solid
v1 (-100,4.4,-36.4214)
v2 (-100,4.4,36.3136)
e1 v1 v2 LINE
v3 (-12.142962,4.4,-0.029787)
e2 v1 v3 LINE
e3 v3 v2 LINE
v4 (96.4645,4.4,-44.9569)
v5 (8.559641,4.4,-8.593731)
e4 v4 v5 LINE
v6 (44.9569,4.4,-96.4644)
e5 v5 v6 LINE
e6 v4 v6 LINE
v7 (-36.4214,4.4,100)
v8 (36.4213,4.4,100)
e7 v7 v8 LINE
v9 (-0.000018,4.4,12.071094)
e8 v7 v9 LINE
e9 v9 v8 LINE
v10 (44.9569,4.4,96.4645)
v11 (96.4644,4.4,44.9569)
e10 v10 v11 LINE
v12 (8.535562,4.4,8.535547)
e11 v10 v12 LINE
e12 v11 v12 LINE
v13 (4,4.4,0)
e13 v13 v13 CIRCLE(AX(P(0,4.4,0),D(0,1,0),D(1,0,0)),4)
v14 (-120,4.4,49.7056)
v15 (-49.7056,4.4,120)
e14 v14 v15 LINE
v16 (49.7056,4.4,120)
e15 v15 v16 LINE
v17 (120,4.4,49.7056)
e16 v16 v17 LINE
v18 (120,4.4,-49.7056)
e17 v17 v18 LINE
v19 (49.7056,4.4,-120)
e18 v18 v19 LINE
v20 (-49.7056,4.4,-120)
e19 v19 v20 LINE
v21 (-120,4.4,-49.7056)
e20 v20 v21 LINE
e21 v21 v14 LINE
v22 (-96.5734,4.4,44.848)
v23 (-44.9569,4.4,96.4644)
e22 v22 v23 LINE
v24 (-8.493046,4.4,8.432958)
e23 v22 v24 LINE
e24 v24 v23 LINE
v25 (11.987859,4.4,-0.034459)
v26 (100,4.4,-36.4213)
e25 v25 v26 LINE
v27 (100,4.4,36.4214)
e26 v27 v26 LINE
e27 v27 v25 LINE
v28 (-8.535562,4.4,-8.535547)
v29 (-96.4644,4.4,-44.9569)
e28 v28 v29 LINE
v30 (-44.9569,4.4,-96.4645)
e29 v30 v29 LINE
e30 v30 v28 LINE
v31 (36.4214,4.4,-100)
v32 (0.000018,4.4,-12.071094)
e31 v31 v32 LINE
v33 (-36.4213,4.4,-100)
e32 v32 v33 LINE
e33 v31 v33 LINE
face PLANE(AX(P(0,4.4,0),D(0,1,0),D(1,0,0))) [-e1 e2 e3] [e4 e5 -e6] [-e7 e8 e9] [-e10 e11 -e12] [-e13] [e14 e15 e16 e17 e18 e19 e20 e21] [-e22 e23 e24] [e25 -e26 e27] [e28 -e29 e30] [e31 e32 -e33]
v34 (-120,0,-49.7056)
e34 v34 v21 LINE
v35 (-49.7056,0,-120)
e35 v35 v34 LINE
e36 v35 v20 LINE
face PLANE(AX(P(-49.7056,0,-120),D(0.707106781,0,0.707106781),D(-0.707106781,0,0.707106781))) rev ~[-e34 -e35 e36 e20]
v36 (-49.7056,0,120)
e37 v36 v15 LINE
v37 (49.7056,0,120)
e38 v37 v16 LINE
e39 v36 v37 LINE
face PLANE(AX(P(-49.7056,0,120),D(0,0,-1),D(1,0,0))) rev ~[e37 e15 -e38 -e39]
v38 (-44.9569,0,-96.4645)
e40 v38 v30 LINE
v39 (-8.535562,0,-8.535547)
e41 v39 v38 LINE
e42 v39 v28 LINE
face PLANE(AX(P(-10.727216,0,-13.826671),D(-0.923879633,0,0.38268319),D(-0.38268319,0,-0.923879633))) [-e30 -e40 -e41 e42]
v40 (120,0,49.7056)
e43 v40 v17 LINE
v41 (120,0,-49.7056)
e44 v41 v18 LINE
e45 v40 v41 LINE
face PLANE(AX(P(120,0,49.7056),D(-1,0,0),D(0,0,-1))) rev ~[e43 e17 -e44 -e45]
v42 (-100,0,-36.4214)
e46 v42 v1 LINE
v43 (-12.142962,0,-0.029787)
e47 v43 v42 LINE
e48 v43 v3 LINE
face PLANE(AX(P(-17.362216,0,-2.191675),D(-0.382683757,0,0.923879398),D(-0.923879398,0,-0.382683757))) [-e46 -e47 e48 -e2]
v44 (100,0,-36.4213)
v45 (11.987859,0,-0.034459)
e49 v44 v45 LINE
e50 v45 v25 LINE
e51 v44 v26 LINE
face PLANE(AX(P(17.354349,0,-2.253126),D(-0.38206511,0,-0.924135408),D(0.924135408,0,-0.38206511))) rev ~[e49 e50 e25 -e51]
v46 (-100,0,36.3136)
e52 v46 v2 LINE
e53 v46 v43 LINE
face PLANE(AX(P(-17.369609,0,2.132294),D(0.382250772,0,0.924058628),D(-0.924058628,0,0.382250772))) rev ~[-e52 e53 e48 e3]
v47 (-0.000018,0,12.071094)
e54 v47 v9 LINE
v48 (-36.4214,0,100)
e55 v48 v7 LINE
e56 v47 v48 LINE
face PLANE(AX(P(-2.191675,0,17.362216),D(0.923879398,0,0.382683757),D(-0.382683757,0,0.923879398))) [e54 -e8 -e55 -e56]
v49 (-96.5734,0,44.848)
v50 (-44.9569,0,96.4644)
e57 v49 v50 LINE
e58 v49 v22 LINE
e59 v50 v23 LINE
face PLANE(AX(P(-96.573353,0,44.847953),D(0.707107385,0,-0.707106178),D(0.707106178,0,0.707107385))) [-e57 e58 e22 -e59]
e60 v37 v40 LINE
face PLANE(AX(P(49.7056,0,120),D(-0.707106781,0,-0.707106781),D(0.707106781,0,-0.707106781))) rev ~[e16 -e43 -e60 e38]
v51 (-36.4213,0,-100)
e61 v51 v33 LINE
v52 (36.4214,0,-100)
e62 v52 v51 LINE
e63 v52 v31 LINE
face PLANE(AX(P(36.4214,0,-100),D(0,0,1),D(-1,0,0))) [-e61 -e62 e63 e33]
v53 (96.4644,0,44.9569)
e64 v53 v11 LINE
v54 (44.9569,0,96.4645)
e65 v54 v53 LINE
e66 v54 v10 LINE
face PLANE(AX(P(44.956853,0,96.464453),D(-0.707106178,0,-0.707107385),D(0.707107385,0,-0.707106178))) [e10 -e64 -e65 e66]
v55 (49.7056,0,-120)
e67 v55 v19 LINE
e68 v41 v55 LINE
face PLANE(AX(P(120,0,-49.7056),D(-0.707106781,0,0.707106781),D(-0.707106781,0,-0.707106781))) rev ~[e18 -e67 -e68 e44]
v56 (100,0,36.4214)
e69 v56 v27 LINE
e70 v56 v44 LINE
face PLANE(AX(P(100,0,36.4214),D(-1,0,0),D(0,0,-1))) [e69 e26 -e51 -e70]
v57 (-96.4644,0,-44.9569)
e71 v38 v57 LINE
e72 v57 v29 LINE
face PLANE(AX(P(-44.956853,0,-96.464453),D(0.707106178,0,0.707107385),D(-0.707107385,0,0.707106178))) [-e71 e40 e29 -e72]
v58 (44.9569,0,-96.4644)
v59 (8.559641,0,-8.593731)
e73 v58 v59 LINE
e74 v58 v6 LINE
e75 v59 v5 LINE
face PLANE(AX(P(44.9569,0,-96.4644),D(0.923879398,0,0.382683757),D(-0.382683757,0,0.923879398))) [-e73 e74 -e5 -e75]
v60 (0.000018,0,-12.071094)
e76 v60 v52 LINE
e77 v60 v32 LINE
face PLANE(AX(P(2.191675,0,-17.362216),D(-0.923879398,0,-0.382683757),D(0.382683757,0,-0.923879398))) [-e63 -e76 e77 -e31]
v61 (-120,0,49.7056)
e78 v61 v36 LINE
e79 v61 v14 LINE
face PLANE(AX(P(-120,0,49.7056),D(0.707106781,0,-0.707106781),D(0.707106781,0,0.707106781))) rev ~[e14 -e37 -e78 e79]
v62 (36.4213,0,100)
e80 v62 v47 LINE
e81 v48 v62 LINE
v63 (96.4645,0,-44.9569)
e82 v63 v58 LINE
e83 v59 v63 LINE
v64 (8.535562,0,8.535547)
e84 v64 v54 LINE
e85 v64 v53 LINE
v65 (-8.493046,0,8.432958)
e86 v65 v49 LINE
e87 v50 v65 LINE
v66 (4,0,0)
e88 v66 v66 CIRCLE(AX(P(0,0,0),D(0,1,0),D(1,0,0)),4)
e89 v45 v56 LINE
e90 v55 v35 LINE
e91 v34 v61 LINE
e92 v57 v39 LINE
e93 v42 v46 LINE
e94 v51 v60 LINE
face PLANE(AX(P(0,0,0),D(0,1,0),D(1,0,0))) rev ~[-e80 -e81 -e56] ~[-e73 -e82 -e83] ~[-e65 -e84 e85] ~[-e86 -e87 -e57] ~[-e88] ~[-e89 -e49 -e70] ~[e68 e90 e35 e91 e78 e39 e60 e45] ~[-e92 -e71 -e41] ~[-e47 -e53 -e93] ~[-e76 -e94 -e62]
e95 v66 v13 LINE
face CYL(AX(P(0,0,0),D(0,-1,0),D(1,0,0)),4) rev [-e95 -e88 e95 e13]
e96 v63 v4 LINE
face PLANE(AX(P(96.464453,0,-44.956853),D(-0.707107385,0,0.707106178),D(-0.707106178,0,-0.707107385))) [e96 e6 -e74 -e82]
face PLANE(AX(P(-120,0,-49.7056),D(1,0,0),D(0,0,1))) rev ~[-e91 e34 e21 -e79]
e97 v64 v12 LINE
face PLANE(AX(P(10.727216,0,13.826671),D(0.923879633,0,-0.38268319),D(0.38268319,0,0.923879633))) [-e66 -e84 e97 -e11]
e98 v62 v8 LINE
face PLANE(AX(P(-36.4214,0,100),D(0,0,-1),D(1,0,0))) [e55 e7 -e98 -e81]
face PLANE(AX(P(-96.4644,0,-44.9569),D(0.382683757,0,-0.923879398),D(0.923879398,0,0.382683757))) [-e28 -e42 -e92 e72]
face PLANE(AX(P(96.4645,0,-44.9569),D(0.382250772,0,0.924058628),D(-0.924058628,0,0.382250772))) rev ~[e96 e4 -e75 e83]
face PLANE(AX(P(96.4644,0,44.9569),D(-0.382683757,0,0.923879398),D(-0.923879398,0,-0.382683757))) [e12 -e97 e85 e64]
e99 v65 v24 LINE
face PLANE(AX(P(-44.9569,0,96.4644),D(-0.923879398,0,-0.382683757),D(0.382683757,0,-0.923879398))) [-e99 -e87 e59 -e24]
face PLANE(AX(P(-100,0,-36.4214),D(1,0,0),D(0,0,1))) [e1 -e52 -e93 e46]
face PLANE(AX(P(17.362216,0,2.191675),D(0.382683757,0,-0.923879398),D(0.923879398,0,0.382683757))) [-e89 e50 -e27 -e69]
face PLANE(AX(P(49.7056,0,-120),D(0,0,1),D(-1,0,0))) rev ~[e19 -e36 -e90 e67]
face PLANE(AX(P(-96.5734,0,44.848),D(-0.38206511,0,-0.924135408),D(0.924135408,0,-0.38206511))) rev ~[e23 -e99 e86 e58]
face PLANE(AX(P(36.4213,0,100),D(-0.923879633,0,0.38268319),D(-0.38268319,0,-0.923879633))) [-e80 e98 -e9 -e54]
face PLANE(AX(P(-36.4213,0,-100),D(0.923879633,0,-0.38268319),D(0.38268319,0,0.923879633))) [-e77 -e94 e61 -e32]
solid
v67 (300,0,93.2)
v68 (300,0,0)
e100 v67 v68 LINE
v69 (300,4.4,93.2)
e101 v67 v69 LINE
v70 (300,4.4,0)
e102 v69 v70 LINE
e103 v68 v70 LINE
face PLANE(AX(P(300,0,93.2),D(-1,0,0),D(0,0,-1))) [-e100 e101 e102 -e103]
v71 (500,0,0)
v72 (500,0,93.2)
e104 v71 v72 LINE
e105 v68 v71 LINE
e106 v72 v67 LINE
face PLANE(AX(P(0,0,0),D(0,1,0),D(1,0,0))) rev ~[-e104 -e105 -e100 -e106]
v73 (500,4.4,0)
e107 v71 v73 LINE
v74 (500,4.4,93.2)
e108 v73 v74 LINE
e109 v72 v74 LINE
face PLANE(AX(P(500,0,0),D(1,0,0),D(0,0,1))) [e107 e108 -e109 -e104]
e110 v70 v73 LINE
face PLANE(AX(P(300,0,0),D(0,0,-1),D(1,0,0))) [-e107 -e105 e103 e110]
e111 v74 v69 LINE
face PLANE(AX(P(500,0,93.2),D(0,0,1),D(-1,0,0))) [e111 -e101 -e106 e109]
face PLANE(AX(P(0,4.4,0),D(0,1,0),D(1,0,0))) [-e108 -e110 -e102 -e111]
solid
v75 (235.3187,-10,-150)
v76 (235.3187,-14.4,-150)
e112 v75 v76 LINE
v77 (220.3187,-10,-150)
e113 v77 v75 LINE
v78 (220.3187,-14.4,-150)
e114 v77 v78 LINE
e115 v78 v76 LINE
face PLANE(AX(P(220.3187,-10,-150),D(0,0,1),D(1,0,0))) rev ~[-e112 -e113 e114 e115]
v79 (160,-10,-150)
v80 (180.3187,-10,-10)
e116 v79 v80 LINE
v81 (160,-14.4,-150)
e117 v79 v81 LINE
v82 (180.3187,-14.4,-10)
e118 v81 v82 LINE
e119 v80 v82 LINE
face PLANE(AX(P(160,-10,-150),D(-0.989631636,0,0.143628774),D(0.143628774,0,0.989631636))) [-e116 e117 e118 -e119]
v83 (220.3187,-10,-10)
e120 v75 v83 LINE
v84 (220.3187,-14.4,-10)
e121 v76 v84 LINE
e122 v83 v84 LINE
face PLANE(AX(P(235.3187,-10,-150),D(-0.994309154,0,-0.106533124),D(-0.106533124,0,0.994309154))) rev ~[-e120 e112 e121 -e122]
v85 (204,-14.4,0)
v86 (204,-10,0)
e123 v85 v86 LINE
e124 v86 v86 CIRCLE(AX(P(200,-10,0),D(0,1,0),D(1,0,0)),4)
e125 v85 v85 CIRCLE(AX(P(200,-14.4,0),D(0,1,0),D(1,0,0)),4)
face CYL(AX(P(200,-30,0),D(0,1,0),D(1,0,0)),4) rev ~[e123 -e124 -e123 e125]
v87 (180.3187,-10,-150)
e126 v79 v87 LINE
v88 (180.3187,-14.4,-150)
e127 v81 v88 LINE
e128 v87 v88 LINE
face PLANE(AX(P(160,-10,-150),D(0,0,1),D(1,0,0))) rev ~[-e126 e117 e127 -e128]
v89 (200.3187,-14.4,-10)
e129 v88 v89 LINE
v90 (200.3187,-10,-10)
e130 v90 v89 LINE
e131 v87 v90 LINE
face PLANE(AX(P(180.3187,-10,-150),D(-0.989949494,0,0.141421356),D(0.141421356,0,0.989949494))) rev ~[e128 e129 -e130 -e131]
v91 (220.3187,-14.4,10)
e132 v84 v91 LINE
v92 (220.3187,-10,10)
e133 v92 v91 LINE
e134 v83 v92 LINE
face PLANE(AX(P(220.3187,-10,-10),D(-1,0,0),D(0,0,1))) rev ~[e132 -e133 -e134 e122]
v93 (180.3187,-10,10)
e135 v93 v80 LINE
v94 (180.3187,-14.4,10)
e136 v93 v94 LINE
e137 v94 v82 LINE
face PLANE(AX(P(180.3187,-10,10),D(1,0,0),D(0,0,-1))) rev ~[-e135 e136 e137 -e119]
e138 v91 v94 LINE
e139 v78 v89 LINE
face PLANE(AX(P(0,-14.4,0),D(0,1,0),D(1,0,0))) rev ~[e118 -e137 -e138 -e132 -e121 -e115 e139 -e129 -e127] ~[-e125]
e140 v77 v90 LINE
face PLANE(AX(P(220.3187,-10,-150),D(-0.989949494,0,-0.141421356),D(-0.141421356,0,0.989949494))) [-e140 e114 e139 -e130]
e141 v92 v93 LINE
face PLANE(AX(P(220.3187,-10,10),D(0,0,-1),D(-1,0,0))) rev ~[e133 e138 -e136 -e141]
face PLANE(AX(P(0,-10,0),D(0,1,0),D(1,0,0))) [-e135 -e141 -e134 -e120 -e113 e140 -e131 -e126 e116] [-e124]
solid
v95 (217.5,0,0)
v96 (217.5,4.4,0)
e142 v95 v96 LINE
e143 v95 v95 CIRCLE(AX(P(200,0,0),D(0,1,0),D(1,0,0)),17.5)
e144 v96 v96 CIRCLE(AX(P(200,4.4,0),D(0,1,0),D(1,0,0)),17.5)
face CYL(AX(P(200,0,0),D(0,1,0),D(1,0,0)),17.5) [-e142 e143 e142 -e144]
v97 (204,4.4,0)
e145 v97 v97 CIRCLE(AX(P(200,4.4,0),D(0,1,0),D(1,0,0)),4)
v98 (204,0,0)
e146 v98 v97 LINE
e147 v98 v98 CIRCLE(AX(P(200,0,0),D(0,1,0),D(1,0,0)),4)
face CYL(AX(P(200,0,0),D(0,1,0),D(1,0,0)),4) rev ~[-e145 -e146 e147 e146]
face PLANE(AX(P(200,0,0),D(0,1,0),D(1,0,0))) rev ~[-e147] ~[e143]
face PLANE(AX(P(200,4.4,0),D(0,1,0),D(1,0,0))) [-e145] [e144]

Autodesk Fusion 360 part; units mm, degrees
sketch "Sketch1" plane through (0, 0, 0) normal (0, 1, 0) x (1, 0, 0)
  line L0 (100, -41.4214) -> (100, 41.4213)
  line L1 (100, 41.4213) -> (41.4214, 100)
  line L2 (41.4214, 100) -> (-41.4213, 100)
  line L3 (-41.4213, 100) -> (-100, 41.4214)
  line L4 (-100, 41.4214) -> (-100, -41.4213)
  line L5 (-100, -41.4213) -> (-41.4214, -100)
  line L6 (-41.4214, -100) -> (41.4213, -100)
  line L7 (41.4213, -100) -> (100, -41.4214)
  line L8 (-96.5734, -44.848) -> (-100.1089, -41.3124) construction
  line L9 (-100.1089, -41.3124) -> (-100, -36.3136) construction
  line L10 (-41.4214, -100) -> (-36.4214, -100)
  line L11 (-41.4214, -100) -> (-44.9569, -96.4644)
  line L12 (-100, 41.4214) -> (-100, 36.4214)
  line L13 (-100, 41.4214) -> (-96.4644, 44.9569)
  line L14 (-41.4213, 100) -> (-36.4213, 100)
  line L15 (-41.4213, 100) -> (-44.9569, 96.4645)
  line L16 (41.4214, 100) -> (44.9569, 96.4644)
  line L17 (41.4214, 100) -> (36.4214, 100)
  line L18 (100, 41.4213) -> (100, 36.4213)
  line L19 (100, 41.4213) -> (96.4645, 44.9569)
  line L20 (100, -41.4214) -> (100, -36.4214)
  line L21 (100, -41.4214) -> (96.4644, -44.9569)
  line L22 (41.4213, -100) -> (44.9569, -96.4645)
  line L23 (41.4213, -100) -> (36.4213, -100)
  line L24 (-96.5734, -44.848) -> (100, 36.4213)
  line L25 (96.4645, 44.9569) -> (-100, -36.3136)
  line L26 (-44.9569, -96.4644) -> (36.4214, 100)
  line L27 (44.9569, 96.4644) -> (-36.4214, -100)
  line L28 (36.4213, -100) -> (-44.9569, 96.4645)
  line L29 (-36.4213, 100) -> (44.9569, -96.4645)
  line L30 (96.4644, -44.9569) -> (-100, 36.4214)
  line L31 (-96.4644, 44.9569) -> (100, -36.4214)
  circle A0 centre (0, 0) radius 4
  circle A1 centre (0, 0) radius 17.5
  line L32 (120, 49.7056) -> (49.7056, 120)
  line L33 (49.7056, 120) -> (-49.7056, 120)
  line L34 (-49.7056, 120) -> (-120, 49.7056)
  line L35 (-120, 49.7056) -> (-120, -49.7056)
  line L36 (-120, -49.7056) -> (-49.7056, -120)
  line L37 (-49.7056, -120) -> (49.7056, -120)
  line L38 (49.7056, -120) -> (120, -49.7056)
  line L39 (120, -49.7056) -> (120, 49.7056)
  line L40 (200.3187, 0) -> (200.3187, 150) construction
  line L41 (200.3187, 150) -> (220.3187, 150) construction
  line L42 (200.3187, 150) -> (180.3187, 150) construction
  line L43 (220.3187, 150) -> (235.3187, 150)
  line L44 (220.3187, -10) -> (180.3187, -10)
  line L45 (180.3187, -10) -> (180.3187, 10)
  line L46 (220.3187, 10) -> (220.3187, -10)
  line L47 (220.3187, -10) -> (180.3187, 10) construction
  line L48 (180.3187, -10) -> (220.3187, 10) construction
  line L49 (235.3187, 150) -> (220.3187, 10)
  line L50 (220.3187, 150) -> (200.3187, 10)
  line L51 (180.3187, 150) -> (200.3187, 10)
  line L52 (160, 150) -> (180.3187, 10)
  line L53 (160, 150) -> (180.3187, 150)
  line L54 (300, 0) -> (500, 0)
  line L55 (500, 0) -> (500, -93.2)
  line L56 (500, -93.2) -> (300, -93.2)
  line L57 (300, -93.2) -> (300, 0)
  point P0 (200.3187, 0)
  dimension "d5" = 100
  dimension "d6" = 5
  dimension "d7" = 5
  dimension "d10" = 5
  dimension "d11" = 5
  dimension "d12" = 5
  dimension "d13" = 5
  dimension "d14" = 5
  dimension "d15" = 5
  dimension "d16" = 5
  dimension "d17" = 5
  dimension "d18" = 5
  dimension "d19" = 5
  dimension "d20" = 5
  dimension "d21" = 5
  dimension "d22" = 5
  dimension "d23" = 5
  dimension "d25" = 8
  dimension "d26" = 35
  dimension "d28" = 120
  dimension "d42" = 150
  dimension "d43" = 20
  dimension "d44" = 20
  dimension "d45" = 15
  dimension "d46" = 40
  dimension "d47" = 20
  dimension "d48" = 200
  dimension "d49" = 93.2
extrude "Extrude1" add sketch "Sketch1" along normal blind 4.4 contours L0 L7 L20 L21 L30 L31 A1 | L0 L1 L18 L19 L24 L25 A1 | L24 L29 L30 L31 A1 | L6 L7 L22 L23 L28 L29 A1 | L24 L25 L27 L31 A1 | L24 L27 L29 L31 | L27 L28 L29 L30 A1 | L24 L27 L29 L30 | L24 L27 L29 | L25 L27 L29 L31 | L27 L29 L31 | L24 L27 L30 | L24 L27 L28 L30 | L1 L2 L16 L17 L26 L27 A1 | L25 L26 L27 L29 A1 | L24 L25 L26 L27 L28 L29 L30 L31 | L25 L29 L31 | L5 L6 L10 L11 L26 L27 A1 | L24 L26 L27 L28 A1 | L24 L28 L30 | L25 L26 L29 L31 | L25 L26 L31 | L24 L26 L28 L30 | L26 L28 L30 | L26 L28 L29 L31 A1 | L2 L3 L14 L15 L28 L29 A1 | L25 L26 L28 | L25 L26 L28 L31 | L24 L25 L26 L30 A1 | L4 L5 L24 L25 A1 | L25 L26 L28 L30 | L25 L28 L30 L31 A1 | L3 L4 L12 L13 L30 L31 A1 | L32 L33 L34 L35 L36 L37 L38 L39 makes body 1
cylinder "CylinderPrimitive1" add diameter 35 height 4.4 placed x (1, 0, 0) y (0, 0, -1) z (0, 1, 0) at (200, 0, 0) separate body makes body 2
cylinder "CylinderPrimitive2" cut diameter 8 height 5 placed x (1, 0, 0) y (0, 0, -1) z (0, 1, 0) at (200, 0, 0) bodies 2
extrude "Extrude3" add sketch "Sketch1" against normal blind 4.4 from surface at -10 separate body contours L43 L44 L45 L46 L49 L50 L51 L52 L53 makes body 3
extrude "Extrude4" add sketch "Sketch1" along normal blind 4.4 separate body contours L54 L55 L56 L57 makes body 4
cylinder "CylinderPrimitive3" cut diameter 8 height -30 placed x (1, 0, 0) y (0, 0, -1) z (0, 1, 0) at (200, 0, 0) bodies 3
copy_body "Body->Comp1" bodies 1 removing the originals makes body 5 in component "Component"
copy_body "Body->Comp2" bodies 2 removing the originals makes body 6 in component "Component'"
copy_body "Body->Comp3" bodies 3 removing the originals makes body 7 in component "Component''"
copy_body "Body->Comp4" bodies 4 removing the originals makes body 8 in component "Component'''"
component "Component" placed x (1, 0, 0) y (0, 1, 0) z (0, 0, 1) at (0, 0, 0)
component "Component'" placed x (1, 0, 0) y (0, 1, 0) z (0, 0, 1) at (0, 0, 0)
component "Component''" placed x (1, 0, 0) y (0, 1, 0) z (0, 0, 1) at (0, 0, 0)
component "Component'''" placed x (1, 0, 0) y (0, 1, 0) z (0, 0, 1) at (0, 0, 0)
equation "outside_diameter = 100 mm"
equation "number_of_sides = 8"
equation "inner_diameter = 35 mm"
equation "distance_between = 80 mm"
equation "d5 = outside_diameter"
equation "d6 = width_of_sides"
equation "d7 = width_of_sides"
equation "width_of_sides = 5 mm"
equation "d10 = width_of_sides"
equation "d11 = width_of_sides"
equation "d12 = width_of_sides"
equation "d13 = width_of_sides"
equation "d14 = width_of_sides"
equation "d15 = width_of_sides"
equation "d16 = width_of_sides"
equation "d17 = width_of_sides"
equation "d18 = width_of_sides"
equation "d19 = width_of_sides"
equation "d20 = width_of_sides"
equation "d21 = width_of_sides"
equation "d22 = width_of_sides"
equation "d23 = width_of_sides"
equation "rotating_diameter = 8 mm"
equation "d25 = rotating_diameter"
equation "d26 = inner_diameter"
equation "holder_thickness = 20 mm"
equation "d28 = outside_diameter + holder_thickness"
equation "material_thickness = 4.4 mm"
equation "d30 = material_thickness"
equation "d36 = material_thickness"
equation "d37 = inner_diameter"
equation "d40 = rotating_diameter"
equation "height = 150 mm"
equation "d42 = height"
equation "d43 = holder_thickness"
equation "d44 = holder_thickness"
equation "d45 = width_of_sides * 3"
equation "d46 = holder_thickness * 2"
equation "d47 = holder_thickness"
equation "d48 = outside_diameter * 2"
equation "d49 = material_thickness * 3 + distance_between"
equation "d51 = -material_thickness"
equation "d53 = material_thickness"
equation "d57 = rotating_diameter"
